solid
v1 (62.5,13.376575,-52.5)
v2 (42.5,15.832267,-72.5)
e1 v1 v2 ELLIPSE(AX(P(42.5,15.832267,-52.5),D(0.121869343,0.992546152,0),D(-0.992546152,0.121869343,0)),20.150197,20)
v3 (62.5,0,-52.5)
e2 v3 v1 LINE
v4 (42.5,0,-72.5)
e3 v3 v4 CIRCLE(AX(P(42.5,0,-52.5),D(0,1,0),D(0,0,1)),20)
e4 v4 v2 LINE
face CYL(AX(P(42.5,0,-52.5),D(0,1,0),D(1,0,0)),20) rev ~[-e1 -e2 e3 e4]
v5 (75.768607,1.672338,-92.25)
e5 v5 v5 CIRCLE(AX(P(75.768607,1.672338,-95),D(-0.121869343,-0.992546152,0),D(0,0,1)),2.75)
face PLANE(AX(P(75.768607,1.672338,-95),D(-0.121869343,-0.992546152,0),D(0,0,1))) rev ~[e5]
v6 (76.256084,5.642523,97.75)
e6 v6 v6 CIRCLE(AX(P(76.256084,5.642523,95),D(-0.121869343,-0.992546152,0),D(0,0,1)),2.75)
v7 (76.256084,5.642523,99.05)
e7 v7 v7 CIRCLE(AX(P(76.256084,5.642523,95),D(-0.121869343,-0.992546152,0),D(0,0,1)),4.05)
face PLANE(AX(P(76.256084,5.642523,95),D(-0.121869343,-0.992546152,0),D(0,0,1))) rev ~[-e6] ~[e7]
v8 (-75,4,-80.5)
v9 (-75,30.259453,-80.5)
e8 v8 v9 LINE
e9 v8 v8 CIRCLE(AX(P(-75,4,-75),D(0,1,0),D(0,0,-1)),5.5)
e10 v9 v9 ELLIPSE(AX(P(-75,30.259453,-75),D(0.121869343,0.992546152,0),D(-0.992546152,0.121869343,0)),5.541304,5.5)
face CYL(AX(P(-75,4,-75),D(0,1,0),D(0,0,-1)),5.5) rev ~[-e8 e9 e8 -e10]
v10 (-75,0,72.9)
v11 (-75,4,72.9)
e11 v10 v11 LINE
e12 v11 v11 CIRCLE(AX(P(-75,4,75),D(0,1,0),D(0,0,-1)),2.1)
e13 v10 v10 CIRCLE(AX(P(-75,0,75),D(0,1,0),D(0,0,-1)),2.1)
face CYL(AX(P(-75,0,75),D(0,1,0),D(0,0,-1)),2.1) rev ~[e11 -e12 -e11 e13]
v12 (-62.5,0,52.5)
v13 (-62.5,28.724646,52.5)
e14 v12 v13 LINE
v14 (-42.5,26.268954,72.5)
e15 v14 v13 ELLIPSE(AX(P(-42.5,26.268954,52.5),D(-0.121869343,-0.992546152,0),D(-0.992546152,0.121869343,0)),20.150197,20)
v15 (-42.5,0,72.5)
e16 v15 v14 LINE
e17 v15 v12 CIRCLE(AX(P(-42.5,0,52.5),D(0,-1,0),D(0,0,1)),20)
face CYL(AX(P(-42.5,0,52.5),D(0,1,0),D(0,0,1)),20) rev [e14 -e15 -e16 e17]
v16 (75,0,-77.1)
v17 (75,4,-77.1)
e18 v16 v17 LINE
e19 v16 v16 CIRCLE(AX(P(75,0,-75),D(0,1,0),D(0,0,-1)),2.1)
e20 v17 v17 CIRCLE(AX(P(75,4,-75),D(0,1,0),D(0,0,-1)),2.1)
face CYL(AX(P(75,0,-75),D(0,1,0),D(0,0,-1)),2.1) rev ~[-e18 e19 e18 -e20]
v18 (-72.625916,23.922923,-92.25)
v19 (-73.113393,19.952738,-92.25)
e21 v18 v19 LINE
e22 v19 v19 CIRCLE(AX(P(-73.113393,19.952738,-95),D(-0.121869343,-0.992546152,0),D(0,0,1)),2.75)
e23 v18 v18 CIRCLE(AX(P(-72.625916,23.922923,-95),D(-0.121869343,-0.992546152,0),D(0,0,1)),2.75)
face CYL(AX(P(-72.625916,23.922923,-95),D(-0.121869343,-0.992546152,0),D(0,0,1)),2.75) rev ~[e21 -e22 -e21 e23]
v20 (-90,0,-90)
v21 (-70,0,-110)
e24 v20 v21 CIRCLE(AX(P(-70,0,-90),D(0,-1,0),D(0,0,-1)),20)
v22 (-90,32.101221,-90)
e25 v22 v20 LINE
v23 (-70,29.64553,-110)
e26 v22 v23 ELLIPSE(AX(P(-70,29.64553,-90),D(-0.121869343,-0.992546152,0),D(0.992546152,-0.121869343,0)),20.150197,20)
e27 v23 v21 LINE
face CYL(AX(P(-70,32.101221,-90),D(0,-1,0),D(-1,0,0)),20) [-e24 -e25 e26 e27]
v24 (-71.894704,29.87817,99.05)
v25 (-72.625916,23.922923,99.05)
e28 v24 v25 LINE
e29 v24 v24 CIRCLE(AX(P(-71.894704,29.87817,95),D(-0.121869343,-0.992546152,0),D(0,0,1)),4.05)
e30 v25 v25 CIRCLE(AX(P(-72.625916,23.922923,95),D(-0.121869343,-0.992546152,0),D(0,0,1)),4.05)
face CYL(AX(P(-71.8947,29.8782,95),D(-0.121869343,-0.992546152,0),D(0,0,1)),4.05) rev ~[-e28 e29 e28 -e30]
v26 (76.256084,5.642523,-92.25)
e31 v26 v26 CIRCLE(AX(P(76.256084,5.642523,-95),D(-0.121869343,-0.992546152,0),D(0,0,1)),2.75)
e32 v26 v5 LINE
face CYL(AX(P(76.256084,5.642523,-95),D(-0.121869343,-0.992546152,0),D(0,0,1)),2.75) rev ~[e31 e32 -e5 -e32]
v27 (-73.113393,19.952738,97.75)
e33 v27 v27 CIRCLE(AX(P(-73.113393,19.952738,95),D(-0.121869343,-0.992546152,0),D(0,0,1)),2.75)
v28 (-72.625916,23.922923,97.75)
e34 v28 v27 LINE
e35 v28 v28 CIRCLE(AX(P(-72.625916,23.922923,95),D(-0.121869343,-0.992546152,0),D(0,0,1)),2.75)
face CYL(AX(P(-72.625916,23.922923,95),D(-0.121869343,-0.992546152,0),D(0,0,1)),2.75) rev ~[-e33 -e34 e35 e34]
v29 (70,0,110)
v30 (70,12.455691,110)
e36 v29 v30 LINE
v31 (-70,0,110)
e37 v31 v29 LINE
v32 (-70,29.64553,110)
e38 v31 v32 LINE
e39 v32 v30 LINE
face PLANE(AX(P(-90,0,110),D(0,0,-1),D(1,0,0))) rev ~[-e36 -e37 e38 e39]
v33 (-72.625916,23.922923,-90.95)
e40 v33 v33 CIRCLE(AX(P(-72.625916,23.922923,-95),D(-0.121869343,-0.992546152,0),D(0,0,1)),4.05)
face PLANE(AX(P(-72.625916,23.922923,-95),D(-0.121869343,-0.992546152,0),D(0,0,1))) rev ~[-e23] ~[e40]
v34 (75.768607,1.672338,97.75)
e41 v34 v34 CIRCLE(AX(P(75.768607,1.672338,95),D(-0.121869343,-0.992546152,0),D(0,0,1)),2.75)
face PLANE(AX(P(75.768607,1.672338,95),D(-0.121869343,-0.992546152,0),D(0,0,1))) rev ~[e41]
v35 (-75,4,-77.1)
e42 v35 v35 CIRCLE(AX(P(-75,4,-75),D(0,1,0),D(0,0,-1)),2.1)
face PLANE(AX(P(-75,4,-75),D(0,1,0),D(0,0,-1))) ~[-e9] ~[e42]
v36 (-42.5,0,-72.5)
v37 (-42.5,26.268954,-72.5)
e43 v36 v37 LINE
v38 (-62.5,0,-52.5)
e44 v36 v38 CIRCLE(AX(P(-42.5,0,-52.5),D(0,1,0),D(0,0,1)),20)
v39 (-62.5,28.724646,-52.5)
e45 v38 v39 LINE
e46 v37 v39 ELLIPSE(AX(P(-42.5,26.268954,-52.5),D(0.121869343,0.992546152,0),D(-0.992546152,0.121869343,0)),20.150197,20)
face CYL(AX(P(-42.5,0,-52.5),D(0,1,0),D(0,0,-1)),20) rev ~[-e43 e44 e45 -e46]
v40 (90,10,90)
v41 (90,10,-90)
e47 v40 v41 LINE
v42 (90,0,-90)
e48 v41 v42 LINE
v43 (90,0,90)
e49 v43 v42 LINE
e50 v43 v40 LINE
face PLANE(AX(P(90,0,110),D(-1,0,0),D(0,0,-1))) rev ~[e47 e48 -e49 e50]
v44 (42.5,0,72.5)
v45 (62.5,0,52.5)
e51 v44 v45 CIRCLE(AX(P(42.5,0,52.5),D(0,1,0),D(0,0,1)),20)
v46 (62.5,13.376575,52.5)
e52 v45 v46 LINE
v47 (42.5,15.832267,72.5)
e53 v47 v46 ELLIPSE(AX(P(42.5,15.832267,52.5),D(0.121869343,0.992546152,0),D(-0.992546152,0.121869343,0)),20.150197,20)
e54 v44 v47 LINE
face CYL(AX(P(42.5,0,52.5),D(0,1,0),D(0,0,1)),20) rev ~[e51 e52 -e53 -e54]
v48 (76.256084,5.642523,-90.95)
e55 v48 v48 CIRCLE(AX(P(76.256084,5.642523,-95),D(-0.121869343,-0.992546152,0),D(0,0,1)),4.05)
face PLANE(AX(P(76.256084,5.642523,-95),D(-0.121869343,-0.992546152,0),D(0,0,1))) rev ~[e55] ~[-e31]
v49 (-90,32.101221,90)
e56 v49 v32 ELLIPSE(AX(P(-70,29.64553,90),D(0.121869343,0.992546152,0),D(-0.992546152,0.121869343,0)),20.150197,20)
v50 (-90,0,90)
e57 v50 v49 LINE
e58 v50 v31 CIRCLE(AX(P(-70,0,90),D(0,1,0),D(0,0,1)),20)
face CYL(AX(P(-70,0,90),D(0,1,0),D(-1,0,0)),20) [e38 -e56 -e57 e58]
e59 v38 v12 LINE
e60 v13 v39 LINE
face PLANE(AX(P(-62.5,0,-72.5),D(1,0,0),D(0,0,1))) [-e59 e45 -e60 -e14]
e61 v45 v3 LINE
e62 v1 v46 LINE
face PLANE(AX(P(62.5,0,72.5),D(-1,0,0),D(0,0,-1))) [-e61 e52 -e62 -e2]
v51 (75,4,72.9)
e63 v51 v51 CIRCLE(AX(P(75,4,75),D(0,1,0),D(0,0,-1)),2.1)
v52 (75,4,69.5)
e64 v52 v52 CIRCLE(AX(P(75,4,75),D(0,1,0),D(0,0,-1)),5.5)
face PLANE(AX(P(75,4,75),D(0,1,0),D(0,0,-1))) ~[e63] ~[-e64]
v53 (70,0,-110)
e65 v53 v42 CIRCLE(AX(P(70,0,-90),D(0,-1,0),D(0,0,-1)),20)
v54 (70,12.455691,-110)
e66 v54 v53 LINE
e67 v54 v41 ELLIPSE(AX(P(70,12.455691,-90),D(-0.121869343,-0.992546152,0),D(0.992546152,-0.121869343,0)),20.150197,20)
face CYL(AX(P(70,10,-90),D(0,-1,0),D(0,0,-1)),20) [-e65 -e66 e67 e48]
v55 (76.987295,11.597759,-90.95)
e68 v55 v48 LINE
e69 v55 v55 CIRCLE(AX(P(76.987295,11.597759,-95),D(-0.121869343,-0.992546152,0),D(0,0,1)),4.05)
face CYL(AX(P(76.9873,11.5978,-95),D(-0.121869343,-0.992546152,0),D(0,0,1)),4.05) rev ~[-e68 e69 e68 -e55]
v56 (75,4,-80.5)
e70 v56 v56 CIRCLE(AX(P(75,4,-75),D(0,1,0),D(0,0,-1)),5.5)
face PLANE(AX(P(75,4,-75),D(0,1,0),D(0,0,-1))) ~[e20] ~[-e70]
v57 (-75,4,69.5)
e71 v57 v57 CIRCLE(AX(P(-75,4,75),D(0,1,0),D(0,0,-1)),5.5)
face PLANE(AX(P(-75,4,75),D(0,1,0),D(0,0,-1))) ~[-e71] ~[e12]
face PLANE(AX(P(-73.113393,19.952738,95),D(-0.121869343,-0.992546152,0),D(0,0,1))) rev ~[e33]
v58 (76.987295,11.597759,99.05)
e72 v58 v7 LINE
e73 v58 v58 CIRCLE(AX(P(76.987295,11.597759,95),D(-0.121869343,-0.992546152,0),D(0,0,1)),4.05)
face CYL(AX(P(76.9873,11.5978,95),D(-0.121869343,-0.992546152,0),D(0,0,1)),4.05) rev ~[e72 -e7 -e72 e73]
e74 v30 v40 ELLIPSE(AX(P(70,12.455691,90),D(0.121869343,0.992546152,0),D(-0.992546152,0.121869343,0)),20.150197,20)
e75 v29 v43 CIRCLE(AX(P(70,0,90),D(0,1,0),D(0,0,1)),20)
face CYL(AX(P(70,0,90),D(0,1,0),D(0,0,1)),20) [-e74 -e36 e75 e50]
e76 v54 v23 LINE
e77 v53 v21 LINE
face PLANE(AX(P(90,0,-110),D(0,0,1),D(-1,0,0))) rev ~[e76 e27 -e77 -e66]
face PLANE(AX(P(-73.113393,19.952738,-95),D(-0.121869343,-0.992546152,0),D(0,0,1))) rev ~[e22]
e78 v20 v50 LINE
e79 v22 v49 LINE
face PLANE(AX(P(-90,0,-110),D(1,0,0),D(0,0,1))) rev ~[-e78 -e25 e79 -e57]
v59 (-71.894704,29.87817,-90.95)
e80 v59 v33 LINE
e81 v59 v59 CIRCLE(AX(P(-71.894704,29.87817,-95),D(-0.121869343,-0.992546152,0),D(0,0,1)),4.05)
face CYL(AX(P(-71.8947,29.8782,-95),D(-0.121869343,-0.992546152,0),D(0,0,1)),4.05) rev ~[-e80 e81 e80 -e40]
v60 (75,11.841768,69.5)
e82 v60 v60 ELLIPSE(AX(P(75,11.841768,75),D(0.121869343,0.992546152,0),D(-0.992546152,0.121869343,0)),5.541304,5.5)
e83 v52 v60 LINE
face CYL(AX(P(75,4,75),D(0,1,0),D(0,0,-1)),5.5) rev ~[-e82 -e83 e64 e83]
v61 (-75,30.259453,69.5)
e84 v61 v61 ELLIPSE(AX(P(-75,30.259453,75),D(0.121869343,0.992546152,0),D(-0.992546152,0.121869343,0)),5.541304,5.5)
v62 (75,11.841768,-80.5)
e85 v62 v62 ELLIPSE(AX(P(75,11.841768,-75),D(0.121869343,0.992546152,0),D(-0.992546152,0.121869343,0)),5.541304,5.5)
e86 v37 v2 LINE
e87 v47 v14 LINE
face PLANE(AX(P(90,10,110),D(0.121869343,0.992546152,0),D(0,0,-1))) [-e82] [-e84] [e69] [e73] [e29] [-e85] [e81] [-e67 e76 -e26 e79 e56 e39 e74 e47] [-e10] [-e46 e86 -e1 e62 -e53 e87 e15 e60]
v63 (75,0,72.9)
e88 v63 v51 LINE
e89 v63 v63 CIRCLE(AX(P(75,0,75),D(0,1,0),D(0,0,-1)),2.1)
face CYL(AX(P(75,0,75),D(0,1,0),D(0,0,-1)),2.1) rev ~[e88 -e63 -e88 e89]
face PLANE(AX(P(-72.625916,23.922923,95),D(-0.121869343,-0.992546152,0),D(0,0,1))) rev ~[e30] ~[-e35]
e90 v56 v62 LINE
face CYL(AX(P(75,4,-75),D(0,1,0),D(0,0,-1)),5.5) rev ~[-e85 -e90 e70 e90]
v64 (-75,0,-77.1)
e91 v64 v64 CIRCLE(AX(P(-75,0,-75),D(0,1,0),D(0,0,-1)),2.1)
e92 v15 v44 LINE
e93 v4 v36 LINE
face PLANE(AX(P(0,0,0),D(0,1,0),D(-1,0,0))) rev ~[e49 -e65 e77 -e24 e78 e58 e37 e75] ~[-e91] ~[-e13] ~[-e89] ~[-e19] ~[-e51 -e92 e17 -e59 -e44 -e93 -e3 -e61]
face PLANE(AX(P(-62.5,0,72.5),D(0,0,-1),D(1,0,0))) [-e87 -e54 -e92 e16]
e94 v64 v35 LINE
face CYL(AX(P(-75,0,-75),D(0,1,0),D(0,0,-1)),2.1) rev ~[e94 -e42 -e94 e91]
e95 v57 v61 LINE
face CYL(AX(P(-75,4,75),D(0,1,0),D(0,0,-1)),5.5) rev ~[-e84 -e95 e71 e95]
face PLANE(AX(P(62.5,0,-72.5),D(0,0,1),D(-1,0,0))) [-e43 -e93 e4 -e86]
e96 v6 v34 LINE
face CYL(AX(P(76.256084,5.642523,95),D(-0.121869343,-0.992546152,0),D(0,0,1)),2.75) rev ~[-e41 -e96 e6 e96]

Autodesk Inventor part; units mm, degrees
ref_plane "YZ Plane" through (0, 0, 0) normal (1, 0, 0) x (0, 1, 0)
ref_plane "XZ Plane" through (0, 0, 0) normal (0, 1, 0) x (-1, 0, 0)
sketch "草圖1" plane through (0, 0, 0) normal (0, 1, 0) x (-1, 0, 0)
  line L0 (90, 110) -> (-90, 110)
  line L1 (-90, 110) -> (-90, -110)
  line L2 (-90, -110) -> (90, -110)
  line L3 (90, -110) -> (90, 110)
  line L4 (90, 110) -> (-90, -110) construction
  line L5 (-90, 110) -> (90, -110) construction
  point P0 (0, 0)
  dimension "d0" = 180
  dimension "d1" = 220
extrude "擠出1" add sketch "草圖1" along normal blind 10
sketch "草圖3" plane through (0, 10, 0) normal (0, 1, 0) x (1, 0, 0)
  line L0 (90, -110) -> (90, 110) projected
  line L1 (90, 110) -> (-90, 110) projected
  line L2 (-90, 110) -> (-90, -110) projected
  line L3 (-90, -110) -> (90, -110) projected
  point P0 (0, 0)
extrude "擠出2" add sketch "草圖3" along normal blind 100
sketch "草圖4" plane through (90, 0, 110) normal (1, 0, 0) x (0, 0, -1)
  line L0 (0, 0) -> (220, 0) projected
  line L1 (220, 0) -> (220, 110) projected
  line L2 (0, 110) -> (220, 110) projected
  line L3 (0, 0) -> (0, 110) projected
  line L4 (0, 0) -> (0, 110) projected
  line L5 (0, 10) -> (220, 10)
  point P0 (110, 0)
  dimension "d7" = 10
ref_plane "工作平面2" through (90, 10, 110) normal (0.1219, 0.9925, 0) x (0, 0, -1)
split "分割1" plane through (90, 10, 110) removes the side toward (0.1219, 0.9925, 0)
sketch "草圖5" plane through (0, 0, 0) normal (0, -1, 0) x (1, 0, 0)
  line L0 (-75, -75) -> (75, -75) construction
  line L1 (75, -75) -> (75, 75) construction
  line L2 (75, 75) -> (-75, 75) construction
  line L3 (-75, 75) -> (-75, -75) construction
  line L4 (-75, -75) -> (75, 75) construction
  line L5 (75, -75) -> (-75, 75) construction
  point P0 (0, 0)
  dimension "d9" = 150
  dimension "d10" = 150
hole "孔1" at (-75, 0, -75) at (75, 0, -75) at (75, 0, 75) at (-75, 0, 75) direction (0, 1, 0) diameter 4.2 depth 4
sketch "草圖6" plane through (-75, 4, -75) normal (0, -1, 0) x (1, 0, 0)
  circle A0 centre (0, 150) radius 2.1 projected
  circle A1 centre (150, 150) radius 2.1 projected
  circle A2 centre (150, 0) radius 2.1 projected
  circle A3 centre (0, 0) radius 2.1 projected
  circle A4 centre (0, 0) radius 2.1 projected
  circle A5 centre (150, 0) radius 2.1 projected
  circle A6 centre (0, 150) radius 2.1 projected
  point P0 (75, 75)
hole "孔2" at (-75, 4, -75) at (75, 4, -75) at (75, 4, 75) at (-75, 4, 75) direction (0, 1, 0) diameter 11 end through all
sketch "草圖7" plane through (90, 10, 110) normal (0.1219, 0.9925, 0) x (0.9925, -0.1219, 0)
  line L0 (-163.1105, 15) -> (-13.1105, 15)
  line L1 (-13.1105, 15) -> (-13.1105, 205)
  line L2 (-13.1105, 205) -> (-163.1105, 205)
  line L3 (-163.1105, 205) -> (-163.1105, 15)
  line L4 (-163.1105, 15) -> (-13.1105, 205) construction
  line L5 (-13.1105, 15) -> (-163.1105, 205) construction
  point P0 (-88.1105, 110)
  dimension "d25" = 150
  dimension "d26" = 190
hole "孔3" at (-71.8947, 29.8782, 95) at (76.9873, 11.5978, 95) at (76.9873, 11.5978, -95) at (-71.8947, 29.8782, -95) direction (-0.1219, -0.9925, 0) diameter 5.5 depth 10 counterbore diameter 8.1 counterbore depth 6
sketch "草圖8" plane through (0, 0, 0) normal (0, -1, 0) x (1, 0, 0)
  line L0 (-62.5, 72.5) -> (62.5, 72.5)
  line L1 (62.5, 72.5) -> (62.5, -72.5)
  line L2 (62.5, -72.5) -> (-62.5, -72.5)
  line L3 (-62.5, -72.5) -> (-62.5, 72.5)
  line L4 (-62.5, 72.5) -> (62.5, -72.5) construction
  line L5 (62.5, 72.5) -> (-62.5, -72.5) construction
  point P0 (0, 0)
  dimension "d34" = 125
  dimension "d35" = 145
extrude "擠出3" cut sketch "草圖8" against normal through all
fillet "圓角2" radius 20 8 edges at (-90, 16.0506, 110) (90, 5, 110) (90, 5, -110) (-90, 16.0506, -110) (-62.5, 14.3623, -72.5) (-62.5, 14.3623, 72.5) (62.5, 6.6883, 72.5) (62.5, 6.6883, -72.5)
equation "\"d9\" = d10"
properties part number "頸部桌面轉接件"
